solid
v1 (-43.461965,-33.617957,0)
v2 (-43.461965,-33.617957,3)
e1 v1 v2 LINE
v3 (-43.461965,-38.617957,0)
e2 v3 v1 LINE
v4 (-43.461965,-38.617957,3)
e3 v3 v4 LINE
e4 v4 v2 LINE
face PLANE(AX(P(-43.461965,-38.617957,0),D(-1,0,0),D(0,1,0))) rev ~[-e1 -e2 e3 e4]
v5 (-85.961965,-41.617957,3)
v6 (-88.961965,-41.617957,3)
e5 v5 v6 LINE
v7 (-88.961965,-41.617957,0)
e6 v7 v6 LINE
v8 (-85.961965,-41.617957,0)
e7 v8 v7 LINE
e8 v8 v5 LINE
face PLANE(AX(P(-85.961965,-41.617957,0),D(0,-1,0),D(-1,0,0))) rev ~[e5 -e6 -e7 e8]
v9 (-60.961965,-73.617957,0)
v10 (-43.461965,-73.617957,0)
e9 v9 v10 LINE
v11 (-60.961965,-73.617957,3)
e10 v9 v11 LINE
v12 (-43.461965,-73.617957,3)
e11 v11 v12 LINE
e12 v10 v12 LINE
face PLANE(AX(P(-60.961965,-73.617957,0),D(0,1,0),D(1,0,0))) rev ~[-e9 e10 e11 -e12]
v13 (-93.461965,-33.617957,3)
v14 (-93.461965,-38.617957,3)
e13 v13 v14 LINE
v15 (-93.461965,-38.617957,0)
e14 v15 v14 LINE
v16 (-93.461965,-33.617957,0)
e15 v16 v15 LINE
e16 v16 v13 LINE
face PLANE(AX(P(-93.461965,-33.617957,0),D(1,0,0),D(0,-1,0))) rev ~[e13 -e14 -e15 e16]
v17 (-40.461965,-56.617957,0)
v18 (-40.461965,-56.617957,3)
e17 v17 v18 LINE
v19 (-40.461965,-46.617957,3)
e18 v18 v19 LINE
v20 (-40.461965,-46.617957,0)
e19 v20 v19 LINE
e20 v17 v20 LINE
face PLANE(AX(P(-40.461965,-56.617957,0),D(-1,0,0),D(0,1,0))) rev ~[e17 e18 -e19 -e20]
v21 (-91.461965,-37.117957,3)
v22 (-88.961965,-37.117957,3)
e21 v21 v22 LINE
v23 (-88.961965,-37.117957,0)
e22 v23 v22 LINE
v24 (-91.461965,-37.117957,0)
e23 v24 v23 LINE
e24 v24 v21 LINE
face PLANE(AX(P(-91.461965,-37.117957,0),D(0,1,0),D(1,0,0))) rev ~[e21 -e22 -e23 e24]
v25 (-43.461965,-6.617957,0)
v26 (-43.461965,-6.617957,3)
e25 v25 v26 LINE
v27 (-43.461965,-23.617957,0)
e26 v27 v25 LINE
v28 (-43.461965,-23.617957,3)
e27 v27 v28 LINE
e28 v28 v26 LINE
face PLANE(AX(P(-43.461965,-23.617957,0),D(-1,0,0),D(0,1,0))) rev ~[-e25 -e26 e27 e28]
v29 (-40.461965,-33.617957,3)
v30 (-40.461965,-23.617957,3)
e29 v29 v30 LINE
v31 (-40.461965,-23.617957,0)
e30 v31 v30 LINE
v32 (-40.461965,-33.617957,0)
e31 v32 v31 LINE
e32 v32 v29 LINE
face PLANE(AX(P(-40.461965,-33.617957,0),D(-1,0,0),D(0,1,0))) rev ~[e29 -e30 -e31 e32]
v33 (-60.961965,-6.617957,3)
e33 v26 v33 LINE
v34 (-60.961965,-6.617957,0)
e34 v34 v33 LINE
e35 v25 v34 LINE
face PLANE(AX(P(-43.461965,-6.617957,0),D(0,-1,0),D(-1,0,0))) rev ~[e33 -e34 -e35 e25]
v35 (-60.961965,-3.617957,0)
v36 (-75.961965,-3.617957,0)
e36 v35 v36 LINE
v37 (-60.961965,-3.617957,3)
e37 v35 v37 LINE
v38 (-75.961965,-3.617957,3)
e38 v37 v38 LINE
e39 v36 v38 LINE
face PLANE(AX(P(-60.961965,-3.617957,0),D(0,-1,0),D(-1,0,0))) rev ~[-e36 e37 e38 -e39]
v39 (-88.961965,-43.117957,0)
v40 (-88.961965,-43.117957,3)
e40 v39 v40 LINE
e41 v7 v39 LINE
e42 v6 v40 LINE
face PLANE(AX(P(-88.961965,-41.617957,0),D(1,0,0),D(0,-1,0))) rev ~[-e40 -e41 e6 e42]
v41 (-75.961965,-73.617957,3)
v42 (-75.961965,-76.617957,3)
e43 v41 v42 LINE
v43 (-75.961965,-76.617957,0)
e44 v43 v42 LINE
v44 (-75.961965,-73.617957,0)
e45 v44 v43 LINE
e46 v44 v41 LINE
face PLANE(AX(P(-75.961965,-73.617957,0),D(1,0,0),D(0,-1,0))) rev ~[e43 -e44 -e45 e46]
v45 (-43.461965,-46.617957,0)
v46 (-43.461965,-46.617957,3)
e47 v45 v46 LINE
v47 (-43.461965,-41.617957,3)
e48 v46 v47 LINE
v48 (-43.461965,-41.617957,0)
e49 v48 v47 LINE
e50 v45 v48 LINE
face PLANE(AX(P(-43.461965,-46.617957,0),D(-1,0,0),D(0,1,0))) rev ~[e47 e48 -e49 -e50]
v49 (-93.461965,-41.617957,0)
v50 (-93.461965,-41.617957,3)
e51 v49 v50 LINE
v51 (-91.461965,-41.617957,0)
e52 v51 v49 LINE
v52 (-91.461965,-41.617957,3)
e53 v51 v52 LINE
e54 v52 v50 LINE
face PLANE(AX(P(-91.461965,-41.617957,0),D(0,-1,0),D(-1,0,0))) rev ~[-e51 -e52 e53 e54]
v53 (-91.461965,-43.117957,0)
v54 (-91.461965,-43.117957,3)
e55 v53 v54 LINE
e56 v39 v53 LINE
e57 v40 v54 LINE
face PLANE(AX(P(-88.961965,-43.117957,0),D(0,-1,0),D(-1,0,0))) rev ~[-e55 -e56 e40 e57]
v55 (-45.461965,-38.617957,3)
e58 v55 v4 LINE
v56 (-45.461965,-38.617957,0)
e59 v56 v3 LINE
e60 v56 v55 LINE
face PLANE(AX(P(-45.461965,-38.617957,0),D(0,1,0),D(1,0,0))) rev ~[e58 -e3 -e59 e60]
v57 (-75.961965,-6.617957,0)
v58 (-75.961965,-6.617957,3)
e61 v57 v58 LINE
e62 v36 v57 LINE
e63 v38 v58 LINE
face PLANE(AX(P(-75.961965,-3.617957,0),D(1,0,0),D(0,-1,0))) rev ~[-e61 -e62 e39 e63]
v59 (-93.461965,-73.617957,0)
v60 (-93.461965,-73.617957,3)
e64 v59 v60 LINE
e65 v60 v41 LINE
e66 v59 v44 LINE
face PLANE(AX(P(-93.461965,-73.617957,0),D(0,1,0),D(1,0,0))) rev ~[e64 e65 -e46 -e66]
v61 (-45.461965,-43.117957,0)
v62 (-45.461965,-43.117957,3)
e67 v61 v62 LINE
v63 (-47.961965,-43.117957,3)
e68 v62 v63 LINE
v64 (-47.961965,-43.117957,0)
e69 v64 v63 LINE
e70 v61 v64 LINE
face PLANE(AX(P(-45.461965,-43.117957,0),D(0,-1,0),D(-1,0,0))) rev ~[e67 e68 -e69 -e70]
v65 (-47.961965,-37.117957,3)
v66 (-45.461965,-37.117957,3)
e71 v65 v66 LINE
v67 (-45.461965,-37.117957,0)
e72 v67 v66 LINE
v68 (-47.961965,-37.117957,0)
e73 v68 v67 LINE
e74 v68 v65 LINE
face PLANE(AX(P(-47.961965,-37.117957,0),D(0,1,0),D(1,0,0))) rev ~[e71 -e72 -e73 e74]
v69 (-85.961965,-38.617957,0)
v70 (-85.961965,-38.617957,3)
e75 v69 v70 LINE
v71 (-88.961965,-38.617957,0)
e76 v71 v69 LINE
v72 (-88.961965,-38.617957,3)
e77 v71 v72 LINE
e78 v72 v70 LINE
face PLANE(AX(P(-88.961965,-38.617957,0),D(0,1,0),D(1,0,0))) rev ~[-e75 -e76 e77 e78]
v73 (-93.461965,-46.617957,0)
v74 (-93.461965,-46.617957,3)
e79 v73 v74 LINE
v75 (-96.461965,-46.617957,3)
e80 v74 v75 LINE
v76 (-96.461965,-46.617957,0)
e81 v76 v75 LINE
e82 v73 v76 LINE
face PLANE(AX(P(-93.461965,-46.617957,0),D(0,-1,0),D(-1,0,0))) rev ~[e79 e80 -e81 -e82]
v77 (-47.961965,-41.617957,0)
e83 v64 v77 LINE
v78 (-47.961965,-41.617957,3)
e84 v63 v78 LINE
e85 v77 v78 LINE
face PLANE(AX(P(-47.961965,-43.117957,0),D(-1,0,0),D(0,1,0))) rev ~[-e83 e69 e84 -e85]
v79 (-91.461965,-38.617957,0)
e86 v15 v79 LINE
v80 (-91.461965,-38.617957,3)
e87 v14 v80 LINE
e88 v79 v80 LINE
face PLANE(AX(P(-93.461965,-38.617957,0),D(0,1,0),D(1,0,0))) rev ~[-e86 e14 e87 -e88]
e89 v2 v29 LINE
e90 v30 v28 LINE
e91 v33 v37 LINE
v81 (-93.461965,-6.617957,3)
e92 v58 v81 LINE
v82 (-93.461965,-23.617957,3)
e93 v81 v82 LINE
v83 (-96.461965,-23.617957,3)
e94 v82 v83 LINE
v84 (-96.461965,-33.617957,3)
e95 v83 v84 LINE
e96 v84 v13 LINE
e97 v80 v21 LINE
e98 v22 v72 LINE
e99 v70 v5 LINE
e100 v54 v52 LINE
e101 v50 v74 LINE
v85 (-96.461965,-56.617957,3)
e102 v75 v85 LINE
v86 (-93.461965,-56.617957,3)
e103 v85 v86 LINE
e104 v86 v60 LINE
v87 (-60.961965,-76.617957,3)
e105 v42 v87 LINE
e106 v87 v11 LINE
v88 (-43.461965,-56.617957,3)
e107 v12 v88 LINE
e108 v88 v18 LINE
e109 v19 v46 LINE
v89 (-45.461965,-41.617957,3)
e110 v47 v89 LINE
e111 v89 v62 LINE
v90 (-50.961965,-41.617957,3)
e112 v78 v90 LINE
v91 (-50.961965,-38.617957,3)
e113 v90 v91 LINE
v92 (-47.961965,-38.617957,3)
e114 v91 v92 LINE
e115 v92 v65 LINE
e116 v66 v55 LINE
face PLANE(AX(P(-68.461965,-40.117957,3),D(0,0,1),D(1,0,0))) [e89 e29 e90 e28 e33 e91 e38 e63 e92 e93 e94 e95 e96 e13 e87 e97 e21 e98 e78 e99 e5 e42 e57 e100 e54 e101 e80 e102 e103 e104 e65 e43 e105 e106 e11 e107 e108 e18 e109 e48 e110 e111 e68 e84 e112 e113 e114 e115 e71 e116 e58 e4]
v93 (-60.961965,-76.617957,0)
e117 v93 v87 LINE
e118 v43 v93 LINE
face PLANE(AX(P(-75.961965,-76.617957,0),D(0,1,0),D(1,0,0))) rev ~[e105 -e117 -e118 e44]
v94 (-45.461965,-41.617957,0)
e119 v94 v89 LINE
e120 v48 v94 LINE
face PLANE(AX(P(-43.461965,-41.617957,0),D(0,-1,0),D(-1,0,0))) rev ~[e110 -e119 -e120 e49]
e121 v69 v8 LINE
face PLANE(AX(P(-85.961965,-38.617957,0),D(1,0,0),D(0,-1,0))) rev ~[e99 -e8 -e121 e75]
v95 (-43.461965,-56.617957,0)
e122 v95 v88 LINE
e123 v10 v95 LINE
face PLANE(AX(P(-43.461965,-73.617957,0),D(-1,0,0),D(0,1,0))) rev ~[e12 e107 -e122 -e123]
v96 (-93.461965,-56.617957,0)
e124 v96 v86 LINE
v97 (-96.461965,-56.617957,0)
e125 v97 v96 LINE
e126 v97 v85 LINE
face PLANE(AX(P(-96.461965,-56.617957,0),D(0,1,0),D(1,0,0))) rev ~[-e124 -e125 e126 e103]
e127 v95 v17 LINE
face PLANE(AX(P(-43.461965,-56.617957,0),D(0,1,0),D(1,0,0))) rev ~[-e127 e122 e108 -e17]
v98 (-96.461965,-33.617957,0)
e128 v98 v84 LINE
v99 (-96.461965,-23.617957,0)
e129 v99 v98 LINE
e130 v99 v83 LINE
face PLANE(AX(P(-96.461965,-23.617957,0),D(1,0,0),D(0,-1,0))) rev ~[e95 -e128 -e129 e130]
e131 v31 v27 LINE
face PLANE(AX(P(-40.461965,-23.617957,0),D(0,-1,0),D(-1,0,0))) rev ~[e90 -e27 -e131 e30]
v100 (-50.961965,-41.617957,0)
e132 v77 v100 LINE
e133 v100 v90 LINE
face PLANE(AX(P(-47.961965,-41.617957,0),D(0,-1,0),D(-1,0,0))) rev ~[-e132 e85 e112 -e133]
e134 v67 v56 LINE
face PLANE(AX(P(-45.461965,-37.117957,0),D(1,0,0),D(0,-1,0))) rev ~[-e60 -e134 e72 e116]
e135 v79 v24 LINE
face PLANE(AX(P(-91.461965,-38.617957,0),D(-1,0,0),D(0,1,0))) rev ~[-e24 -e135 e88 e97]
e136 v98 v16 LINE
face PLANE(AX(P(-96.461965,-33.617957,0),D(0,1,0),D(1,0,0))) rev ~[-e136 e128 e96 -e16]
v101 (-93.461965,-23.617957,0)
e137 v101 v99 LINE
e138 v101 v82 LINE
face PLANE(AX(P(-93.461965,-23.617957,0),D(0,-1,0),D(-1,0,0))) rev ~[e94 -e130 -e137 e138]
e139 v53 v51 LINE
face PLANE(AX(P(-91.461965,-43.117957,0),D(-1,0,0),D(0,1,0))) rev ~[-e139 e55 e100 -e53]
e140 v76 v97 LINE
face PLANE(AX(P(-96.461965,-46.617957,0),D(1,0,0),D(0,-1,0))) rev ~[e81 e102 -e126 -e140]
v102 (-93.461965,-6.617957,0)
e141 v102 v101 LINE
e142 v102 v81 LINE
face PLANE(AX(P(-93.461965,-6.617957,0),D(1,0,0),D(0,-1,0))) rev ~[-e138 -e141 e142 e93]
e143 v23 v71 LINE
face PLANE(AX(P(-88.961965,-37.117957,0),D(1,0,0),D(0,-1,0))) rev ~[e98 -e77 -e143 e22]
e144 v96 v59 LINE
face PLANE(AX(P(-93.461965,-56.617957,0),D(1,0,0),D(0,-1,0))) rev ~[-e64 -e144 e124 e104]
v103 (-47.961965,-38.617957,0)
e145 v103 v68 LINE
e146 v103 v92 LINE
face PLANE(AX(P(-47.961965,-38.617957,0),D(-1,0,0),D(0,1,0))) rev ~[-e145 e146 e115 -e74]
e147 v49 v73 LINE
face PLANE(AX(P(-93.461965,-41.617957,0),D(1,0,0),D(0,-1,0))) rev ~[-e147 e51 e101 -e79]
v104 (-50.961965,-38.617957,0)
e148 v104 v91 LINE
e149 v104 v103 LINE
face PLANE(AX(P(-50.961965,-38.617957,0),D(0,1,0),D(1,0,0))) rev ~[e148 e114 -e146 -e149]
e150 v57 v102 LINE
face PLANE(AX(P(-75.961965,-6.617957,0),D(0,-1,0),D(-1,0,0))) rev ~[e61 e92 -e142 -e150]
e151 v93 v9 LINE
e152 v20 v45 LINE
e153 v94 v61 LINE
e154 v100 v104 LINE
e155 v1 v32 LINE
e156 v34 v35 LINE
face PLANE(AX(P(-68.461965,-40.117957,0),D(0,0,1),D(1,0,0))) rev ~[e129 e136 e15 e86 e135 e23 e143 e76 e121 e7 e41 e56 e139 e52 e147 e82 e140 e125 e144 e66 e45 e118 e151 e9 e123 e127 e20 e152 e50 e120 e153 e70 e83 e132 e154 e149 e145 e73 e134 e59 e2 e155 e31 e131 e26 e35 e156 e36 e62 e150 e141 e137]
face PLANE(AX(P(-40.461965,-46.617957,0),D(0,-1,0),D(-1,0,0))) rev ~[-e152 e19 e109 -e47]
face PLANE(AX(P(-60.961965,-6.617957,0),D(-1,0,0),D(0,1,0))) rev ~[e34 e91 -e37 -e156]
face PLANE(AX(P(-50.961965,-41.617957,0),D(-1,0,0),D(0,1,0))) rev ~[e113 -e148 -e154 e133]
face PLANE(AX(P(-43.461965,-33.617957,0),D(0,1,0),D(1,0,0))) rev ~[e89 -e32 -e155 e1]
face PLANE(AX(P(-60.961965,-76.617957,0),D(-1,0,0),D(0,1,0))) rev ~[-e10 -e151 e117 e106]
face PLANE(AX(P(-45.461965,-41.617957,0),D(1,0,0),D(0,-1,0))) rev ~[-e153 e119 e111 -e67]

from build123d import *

# Parameters (mm, degrees)
F1_DEPTH = 3


with BuildPart() as f1:
    # F0 (on Top) → F1 (new body)
    with BuildSketch(Plane.XY):
        Polygon((-75.961965, -6.617957), (-93.461965, -6.617957), (-93.461965, -23.617957), (-96.461965, -23.617957), (-96.461965, -33.617957), (-93.461965, -33.617957), (-93.461965, -38.617957), (-91.461965, -38.617957), (-91.461965, -37.117957), (-88.961965, -37.117957), (-88.961965, -38.617957), (-85.961965, -38.617957), (-85.961965, -41.617957), (-88.961965, -41.617957), (-88.961965, -43.117957), (-91.461965, -43.117957), (-91.461965, -41.617957), (-93.461965, -41.617957), (-93.461965, -46.617957), (-96.461965, -46.617957), (-96.461965, -56.617957), (-93.461965, -56.617957), (-93.461965, -73.617957), (-75.961965, -73.617957), (-75.961965, -76.617957), (-60.961965, -76.617957), (-60.961965, -73.617957), (-43.461965, -73.617957), (-43.461965, -56.617957), (-40.461965, -56.617957), (-40.461965, -46.617957), (-43.461965, -46.617957), (-43.461965, -41.617957), (-45.461965, -41.617957), (-45.461965, -43.117957), (-47.961965, -43.117957), (-47.961965, -41.617957), (-50.961965, -41.617957), (-50.961965, -38.617957), (-47.961965, -38.617957), (-47.961965, -37.117957), (-45.461965, -37.117957), (-45.461965, -38.617957), (-43.461965, -38.617957), (-43.461965, -33.617957), (-40.461965, -33.617957), (-40.461965, -23.617957), (-43.461965, -23.617957), (-43.461965, -6.617957), (-60.961965, -6.617957), (-60.961965, -3.617957), (-75.961965, -3.617957), align=None)
    extrude(amount=F1_DEPTH)


solid = f1.part
